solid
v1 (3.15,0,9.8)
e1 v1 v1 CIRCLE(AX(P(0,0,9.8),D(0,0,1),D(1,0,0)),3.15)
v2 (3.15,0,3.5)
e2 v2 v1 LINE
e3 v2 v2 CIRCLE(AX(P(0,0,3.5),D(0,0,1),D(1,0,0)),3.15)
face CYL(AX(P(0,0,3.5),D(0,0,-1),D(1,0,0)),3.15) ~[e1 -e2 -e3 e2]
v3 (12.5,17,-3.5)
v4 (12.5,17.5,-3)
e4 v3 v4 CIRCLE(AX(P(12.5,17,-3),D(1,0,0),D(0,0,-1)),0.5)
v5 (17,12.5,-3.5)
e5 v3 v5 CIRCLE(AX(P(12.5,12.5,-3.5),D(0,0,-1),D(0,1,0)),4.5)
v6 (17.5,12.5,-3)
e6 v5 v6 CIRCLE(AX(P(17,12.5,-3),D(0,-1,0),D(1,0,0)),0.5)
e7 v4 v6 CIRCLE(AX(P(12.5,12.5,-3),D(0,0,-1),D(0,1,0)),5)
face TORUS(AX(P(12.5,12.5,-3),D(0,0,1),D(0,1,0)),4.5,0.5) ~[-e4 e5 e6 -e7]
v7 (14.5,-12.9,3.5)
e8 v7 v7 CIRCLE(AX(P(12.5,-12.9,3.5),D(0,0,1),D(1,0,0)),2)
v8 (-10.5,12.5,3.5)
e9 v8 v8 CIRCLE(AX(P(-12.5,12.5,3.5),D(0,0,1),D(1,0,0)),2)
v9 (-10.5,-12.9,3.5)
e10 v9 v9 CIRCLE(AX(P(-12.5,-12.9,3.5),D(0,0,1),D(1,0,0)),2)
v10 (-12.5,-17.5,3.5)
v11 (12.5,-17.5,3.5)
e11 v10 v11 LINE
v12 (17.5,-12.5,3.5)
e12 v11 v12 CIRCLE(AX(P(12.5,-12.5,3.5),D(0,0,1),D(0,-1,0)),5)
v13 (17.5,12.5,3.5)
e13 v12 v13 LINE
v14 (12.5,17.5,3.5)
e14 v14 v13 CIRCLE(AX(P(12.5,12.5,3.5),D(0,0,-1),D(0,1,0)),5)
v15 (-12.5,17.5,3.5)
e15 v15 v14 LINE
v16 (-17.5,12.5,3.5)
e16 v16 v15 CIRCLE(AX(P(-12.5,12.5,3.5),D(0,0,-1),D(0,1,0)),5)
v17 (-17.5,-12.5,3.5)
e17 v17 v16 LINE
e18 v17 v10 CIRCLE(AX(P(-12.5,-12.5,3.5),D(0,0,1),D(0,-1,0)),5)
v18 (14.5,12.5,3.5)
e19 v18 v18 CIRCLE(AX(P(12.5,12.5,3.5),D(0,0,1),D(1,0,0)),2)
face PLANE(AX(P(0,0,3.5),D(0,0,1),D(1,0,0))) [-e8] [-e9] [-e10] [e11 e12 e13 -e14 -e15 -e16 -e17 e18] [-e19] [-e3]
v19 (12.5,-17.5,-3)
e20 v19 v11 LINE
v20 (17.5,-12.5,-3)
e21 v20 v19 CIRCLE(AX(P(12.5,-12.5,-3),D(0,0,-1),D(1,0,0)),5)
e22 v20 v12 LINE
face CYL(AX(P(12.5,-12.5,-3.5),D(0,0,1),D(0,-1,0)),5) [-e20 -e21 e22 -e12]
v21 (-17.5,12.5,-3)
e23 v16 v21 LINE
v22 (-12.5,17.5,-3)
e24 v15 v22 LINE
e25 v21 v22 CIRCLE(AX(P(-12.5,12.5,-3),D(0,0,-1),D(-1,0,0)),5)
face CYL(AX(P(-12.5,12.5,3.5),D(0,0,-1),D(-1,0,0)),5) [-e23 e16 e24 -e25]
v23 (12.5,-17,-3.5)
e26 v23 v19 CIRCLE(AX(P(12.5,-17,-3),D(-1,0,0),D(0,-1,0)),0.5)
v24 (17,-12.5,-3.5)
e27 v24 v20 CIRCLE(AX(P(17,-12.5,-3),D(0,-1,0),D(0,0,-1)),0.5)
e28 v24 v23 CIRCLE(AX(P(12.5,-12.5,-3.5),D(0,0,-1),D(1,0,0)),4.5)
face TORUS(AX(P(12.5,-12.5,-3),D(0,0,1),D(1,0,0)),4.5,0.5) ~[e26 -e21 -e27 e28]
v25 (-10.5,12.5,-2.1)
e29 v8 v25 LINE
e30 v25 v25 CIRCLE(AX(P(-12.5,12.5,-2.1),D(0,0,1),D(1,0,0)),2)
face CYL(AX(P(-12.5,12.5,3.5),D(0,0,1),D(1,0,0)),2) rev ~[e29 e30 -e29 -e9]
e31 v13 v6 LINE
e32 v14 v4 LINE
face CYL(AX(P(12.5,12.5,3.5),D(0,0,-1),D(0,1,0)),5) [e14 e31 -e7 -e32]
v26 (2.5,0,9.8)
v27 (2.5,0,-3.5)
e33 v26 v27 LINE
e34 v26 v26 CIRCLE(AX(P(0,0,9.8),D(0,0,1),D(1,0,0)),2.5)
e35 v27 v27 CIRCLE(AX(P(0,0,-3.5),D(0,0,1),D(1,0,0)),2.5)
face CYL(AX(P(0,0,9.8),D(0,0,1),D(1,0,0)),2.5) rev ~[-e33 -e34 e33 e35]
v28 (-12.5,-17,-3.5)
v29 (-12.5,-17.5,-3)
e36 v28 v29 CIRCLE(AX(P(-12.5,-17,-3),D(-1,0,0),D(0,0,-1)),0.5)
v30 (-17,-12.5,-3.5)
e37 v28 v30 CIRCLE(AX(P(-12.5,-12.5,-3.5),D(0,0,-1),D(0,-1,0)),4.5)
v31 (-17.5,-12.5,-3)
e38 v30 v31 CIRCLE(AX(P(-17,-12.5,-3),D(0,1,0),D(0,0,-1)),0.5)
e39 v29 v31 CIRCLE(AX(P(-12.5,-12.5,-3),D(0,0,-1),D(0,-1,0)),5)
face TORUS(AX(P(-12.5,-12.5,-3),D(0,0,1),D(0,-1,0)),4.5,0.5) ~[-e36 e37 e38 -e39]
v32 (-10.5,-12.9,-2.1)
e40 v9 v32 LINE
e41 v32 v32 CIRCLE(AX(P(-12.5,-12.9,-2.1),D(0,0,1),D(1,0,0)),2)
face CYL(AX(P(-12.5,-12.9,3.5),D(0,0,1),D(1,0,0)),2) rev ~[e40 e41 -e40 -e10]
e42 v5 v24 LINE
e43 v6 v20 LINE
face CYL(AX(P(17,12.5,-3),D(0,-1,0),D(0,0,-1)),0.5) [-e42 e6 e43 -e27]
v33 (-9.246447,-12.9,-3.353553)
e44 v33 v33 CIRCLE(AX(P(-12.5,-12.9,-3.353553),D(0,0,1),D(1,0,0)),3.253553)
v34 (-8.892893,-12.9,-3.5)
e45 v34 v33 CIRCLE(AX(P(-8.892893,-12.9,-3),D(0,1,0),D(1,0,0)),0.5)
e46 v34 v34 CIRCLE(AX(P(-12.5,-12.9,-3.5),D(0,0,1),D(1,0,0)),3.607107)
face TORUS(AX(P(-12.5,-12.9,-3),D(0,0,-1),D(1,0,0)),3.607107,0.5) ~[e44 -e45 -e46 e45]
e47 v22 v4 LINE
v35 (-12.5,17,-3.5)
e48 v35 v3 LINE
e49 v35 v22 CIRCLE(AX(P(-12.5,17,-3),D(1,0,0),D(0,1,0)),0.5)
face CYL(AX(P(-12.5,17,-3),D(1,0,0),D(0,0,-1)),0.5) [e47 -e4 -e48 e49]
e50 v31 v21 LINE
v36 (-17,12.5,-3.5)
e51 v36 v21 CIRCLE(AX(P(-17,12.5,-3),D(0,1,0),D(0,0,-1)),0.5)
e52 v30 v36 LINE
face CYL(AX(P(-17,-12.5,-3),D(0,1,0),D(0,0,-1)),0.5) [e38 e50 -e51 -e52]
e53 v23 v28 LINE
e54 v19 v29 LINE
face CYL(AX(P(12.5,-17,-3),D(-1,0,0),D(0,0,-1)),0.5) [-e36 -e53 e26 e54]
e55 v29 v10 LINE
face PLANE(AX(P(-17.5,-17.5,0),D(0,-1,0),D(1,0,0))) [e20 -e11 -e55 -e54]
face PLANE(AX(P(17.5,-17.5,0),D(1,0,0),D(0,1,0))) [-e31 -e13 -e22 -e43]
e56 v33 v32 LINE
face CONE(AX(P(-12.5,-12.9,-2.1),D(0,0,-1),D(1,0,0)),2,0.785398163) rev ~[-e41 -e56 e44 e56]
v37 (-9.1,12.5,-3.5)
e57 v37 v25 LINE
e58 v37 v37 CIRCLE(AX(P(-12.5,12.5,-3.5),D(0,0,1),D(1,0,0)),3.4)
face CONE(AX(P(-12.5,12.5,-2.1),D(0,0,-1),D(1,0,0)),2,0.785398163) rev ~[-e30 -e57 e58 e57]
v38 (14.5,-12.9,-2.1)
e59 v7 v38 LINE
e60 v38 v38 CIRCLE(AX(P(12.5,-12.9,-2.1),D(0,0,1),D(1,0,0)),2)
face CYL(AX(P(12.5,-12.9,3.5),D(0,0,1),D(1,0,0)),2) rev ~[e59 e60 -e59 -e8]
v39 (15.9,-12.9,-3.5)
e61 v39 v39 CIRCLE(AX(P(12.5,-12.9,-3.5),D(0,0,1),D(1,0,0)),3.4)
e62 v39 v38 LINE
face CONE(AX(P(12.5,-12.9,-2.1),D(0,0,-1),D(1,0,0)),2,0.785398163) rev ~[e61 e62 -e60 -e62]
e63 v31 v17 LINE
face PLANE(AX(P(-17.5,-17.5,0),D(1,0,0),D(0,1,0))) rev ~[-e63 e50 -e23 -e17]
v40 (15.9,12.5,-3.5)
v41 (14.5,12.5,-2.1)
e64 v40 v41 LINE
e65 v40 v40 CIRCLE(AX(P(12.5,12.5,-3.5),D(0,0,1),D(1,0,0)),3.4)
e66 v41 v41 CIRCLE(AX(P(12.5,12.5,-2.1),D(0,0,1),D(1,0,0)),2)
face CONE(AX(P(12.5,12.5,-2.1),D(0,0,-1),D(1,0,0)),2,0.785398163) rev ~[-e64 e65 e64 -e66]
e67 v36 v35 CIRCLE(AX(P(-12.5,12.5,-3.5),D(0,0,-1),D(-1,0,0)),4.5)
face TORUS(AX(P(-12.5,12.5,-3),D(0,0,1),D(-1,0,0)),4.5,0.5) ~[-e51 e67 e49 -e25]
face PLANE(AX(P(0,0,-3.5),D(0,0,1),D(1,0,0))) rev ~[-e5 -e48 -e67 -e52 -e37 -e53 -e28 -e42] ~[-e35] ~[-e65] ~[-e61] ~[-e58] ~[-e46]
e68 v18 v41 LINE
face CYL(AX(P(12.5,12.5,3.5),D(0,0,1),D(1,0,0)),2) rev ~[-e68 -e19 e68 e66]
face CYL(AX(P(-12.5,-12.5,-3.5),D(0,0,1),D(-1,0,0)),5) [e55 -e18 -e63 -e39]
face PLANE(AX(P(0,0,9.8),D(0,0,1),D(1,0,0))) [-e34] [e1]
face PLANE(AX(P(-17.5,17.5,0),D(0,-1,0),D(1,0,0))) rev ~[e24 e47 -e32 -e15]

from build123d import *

# Parameters (mm, degrees)
F0_W     = 35
F0_H     = 35
F1_DEPTH = 3.5
F2_R     = 2
F3_DEPTH = 7.001
F4_R     = 5
F5_R     = 3.15
F6_DEPTH = 6.3
F7_R     = 2.5
F8_DEPTH = 13.301
F9_SIZE  = 1.4
F10_R    = 0.5


with BuildPart() as f1:
    # F0 (on Top) → F1 (new body, symmetric)
    with BuildSketch(Plane.XY):
        Rectangle(F0_W, F0_H)
    extrude(amount=F1_DEPTH, both=True)

    # F2 (on face) → F3 (cut, through all)
    with BuildSketch(Plane.XY.offset(3.5)):
        with Locations((-12.5, -12.9)):
            Circle(F2_R)
        with Locations((-12.5, 12.5)):
            Circle(F2_R)
        with Locations((12.5, 12.5)):
            Circle(F2_R)
        with Locations((12.5, -12.9)):
            Circle(F2_R)
    extrude(amount=-F3_DEPTH, mode=Mode.SUBTRACT)

    # F4
    f4_edges = [f1.edges().sort_by_distance(p)[0] for p in [
        (-17.5, 17.5, 0),
        (17.5, 17.5, 0),
        (17.5, -17.5, 0),
        (-17.5, -17.5, 0),
    ]]
    fillet(f4_edges, radius=F4_R)

    # F5 (on face) → F6 (join)
    with BuildSketch(Plane.XY.offset(3.5)):
        Circle(F5_R)
    extrude(amount=F6_DEPTH)

    # F7 (on face) → F8 (cut, through all)
    with BuildSketch(Plane.XY.offset(9.8)):
        Circle(F7_R)
    extrude(amount=-F8_DEPTH, mode=Mode.SUBTRACT)

    # F9
    f9_edges = [f1.edges().sort_by_distance(p)[0] for p in [
        (-14.5, -12.9, -3.5),
        (10.5, -12.9, -3.5),
        (10.5, 12.5, -3.5),
        (-14.5, 12.5, -3.5),
    ]]
    chamfer(f9_edges, length=F9_SIZE)

    # F10
    f10_edges = [f1.edges().sort_by_distance(p)[0] for p in [
        (-15.9, -12.9, -3.5),
        (-17.5, 0, -3.5),
    ]]
    fillet(f10_edges, radius=F10_R)


solid = f1.part
